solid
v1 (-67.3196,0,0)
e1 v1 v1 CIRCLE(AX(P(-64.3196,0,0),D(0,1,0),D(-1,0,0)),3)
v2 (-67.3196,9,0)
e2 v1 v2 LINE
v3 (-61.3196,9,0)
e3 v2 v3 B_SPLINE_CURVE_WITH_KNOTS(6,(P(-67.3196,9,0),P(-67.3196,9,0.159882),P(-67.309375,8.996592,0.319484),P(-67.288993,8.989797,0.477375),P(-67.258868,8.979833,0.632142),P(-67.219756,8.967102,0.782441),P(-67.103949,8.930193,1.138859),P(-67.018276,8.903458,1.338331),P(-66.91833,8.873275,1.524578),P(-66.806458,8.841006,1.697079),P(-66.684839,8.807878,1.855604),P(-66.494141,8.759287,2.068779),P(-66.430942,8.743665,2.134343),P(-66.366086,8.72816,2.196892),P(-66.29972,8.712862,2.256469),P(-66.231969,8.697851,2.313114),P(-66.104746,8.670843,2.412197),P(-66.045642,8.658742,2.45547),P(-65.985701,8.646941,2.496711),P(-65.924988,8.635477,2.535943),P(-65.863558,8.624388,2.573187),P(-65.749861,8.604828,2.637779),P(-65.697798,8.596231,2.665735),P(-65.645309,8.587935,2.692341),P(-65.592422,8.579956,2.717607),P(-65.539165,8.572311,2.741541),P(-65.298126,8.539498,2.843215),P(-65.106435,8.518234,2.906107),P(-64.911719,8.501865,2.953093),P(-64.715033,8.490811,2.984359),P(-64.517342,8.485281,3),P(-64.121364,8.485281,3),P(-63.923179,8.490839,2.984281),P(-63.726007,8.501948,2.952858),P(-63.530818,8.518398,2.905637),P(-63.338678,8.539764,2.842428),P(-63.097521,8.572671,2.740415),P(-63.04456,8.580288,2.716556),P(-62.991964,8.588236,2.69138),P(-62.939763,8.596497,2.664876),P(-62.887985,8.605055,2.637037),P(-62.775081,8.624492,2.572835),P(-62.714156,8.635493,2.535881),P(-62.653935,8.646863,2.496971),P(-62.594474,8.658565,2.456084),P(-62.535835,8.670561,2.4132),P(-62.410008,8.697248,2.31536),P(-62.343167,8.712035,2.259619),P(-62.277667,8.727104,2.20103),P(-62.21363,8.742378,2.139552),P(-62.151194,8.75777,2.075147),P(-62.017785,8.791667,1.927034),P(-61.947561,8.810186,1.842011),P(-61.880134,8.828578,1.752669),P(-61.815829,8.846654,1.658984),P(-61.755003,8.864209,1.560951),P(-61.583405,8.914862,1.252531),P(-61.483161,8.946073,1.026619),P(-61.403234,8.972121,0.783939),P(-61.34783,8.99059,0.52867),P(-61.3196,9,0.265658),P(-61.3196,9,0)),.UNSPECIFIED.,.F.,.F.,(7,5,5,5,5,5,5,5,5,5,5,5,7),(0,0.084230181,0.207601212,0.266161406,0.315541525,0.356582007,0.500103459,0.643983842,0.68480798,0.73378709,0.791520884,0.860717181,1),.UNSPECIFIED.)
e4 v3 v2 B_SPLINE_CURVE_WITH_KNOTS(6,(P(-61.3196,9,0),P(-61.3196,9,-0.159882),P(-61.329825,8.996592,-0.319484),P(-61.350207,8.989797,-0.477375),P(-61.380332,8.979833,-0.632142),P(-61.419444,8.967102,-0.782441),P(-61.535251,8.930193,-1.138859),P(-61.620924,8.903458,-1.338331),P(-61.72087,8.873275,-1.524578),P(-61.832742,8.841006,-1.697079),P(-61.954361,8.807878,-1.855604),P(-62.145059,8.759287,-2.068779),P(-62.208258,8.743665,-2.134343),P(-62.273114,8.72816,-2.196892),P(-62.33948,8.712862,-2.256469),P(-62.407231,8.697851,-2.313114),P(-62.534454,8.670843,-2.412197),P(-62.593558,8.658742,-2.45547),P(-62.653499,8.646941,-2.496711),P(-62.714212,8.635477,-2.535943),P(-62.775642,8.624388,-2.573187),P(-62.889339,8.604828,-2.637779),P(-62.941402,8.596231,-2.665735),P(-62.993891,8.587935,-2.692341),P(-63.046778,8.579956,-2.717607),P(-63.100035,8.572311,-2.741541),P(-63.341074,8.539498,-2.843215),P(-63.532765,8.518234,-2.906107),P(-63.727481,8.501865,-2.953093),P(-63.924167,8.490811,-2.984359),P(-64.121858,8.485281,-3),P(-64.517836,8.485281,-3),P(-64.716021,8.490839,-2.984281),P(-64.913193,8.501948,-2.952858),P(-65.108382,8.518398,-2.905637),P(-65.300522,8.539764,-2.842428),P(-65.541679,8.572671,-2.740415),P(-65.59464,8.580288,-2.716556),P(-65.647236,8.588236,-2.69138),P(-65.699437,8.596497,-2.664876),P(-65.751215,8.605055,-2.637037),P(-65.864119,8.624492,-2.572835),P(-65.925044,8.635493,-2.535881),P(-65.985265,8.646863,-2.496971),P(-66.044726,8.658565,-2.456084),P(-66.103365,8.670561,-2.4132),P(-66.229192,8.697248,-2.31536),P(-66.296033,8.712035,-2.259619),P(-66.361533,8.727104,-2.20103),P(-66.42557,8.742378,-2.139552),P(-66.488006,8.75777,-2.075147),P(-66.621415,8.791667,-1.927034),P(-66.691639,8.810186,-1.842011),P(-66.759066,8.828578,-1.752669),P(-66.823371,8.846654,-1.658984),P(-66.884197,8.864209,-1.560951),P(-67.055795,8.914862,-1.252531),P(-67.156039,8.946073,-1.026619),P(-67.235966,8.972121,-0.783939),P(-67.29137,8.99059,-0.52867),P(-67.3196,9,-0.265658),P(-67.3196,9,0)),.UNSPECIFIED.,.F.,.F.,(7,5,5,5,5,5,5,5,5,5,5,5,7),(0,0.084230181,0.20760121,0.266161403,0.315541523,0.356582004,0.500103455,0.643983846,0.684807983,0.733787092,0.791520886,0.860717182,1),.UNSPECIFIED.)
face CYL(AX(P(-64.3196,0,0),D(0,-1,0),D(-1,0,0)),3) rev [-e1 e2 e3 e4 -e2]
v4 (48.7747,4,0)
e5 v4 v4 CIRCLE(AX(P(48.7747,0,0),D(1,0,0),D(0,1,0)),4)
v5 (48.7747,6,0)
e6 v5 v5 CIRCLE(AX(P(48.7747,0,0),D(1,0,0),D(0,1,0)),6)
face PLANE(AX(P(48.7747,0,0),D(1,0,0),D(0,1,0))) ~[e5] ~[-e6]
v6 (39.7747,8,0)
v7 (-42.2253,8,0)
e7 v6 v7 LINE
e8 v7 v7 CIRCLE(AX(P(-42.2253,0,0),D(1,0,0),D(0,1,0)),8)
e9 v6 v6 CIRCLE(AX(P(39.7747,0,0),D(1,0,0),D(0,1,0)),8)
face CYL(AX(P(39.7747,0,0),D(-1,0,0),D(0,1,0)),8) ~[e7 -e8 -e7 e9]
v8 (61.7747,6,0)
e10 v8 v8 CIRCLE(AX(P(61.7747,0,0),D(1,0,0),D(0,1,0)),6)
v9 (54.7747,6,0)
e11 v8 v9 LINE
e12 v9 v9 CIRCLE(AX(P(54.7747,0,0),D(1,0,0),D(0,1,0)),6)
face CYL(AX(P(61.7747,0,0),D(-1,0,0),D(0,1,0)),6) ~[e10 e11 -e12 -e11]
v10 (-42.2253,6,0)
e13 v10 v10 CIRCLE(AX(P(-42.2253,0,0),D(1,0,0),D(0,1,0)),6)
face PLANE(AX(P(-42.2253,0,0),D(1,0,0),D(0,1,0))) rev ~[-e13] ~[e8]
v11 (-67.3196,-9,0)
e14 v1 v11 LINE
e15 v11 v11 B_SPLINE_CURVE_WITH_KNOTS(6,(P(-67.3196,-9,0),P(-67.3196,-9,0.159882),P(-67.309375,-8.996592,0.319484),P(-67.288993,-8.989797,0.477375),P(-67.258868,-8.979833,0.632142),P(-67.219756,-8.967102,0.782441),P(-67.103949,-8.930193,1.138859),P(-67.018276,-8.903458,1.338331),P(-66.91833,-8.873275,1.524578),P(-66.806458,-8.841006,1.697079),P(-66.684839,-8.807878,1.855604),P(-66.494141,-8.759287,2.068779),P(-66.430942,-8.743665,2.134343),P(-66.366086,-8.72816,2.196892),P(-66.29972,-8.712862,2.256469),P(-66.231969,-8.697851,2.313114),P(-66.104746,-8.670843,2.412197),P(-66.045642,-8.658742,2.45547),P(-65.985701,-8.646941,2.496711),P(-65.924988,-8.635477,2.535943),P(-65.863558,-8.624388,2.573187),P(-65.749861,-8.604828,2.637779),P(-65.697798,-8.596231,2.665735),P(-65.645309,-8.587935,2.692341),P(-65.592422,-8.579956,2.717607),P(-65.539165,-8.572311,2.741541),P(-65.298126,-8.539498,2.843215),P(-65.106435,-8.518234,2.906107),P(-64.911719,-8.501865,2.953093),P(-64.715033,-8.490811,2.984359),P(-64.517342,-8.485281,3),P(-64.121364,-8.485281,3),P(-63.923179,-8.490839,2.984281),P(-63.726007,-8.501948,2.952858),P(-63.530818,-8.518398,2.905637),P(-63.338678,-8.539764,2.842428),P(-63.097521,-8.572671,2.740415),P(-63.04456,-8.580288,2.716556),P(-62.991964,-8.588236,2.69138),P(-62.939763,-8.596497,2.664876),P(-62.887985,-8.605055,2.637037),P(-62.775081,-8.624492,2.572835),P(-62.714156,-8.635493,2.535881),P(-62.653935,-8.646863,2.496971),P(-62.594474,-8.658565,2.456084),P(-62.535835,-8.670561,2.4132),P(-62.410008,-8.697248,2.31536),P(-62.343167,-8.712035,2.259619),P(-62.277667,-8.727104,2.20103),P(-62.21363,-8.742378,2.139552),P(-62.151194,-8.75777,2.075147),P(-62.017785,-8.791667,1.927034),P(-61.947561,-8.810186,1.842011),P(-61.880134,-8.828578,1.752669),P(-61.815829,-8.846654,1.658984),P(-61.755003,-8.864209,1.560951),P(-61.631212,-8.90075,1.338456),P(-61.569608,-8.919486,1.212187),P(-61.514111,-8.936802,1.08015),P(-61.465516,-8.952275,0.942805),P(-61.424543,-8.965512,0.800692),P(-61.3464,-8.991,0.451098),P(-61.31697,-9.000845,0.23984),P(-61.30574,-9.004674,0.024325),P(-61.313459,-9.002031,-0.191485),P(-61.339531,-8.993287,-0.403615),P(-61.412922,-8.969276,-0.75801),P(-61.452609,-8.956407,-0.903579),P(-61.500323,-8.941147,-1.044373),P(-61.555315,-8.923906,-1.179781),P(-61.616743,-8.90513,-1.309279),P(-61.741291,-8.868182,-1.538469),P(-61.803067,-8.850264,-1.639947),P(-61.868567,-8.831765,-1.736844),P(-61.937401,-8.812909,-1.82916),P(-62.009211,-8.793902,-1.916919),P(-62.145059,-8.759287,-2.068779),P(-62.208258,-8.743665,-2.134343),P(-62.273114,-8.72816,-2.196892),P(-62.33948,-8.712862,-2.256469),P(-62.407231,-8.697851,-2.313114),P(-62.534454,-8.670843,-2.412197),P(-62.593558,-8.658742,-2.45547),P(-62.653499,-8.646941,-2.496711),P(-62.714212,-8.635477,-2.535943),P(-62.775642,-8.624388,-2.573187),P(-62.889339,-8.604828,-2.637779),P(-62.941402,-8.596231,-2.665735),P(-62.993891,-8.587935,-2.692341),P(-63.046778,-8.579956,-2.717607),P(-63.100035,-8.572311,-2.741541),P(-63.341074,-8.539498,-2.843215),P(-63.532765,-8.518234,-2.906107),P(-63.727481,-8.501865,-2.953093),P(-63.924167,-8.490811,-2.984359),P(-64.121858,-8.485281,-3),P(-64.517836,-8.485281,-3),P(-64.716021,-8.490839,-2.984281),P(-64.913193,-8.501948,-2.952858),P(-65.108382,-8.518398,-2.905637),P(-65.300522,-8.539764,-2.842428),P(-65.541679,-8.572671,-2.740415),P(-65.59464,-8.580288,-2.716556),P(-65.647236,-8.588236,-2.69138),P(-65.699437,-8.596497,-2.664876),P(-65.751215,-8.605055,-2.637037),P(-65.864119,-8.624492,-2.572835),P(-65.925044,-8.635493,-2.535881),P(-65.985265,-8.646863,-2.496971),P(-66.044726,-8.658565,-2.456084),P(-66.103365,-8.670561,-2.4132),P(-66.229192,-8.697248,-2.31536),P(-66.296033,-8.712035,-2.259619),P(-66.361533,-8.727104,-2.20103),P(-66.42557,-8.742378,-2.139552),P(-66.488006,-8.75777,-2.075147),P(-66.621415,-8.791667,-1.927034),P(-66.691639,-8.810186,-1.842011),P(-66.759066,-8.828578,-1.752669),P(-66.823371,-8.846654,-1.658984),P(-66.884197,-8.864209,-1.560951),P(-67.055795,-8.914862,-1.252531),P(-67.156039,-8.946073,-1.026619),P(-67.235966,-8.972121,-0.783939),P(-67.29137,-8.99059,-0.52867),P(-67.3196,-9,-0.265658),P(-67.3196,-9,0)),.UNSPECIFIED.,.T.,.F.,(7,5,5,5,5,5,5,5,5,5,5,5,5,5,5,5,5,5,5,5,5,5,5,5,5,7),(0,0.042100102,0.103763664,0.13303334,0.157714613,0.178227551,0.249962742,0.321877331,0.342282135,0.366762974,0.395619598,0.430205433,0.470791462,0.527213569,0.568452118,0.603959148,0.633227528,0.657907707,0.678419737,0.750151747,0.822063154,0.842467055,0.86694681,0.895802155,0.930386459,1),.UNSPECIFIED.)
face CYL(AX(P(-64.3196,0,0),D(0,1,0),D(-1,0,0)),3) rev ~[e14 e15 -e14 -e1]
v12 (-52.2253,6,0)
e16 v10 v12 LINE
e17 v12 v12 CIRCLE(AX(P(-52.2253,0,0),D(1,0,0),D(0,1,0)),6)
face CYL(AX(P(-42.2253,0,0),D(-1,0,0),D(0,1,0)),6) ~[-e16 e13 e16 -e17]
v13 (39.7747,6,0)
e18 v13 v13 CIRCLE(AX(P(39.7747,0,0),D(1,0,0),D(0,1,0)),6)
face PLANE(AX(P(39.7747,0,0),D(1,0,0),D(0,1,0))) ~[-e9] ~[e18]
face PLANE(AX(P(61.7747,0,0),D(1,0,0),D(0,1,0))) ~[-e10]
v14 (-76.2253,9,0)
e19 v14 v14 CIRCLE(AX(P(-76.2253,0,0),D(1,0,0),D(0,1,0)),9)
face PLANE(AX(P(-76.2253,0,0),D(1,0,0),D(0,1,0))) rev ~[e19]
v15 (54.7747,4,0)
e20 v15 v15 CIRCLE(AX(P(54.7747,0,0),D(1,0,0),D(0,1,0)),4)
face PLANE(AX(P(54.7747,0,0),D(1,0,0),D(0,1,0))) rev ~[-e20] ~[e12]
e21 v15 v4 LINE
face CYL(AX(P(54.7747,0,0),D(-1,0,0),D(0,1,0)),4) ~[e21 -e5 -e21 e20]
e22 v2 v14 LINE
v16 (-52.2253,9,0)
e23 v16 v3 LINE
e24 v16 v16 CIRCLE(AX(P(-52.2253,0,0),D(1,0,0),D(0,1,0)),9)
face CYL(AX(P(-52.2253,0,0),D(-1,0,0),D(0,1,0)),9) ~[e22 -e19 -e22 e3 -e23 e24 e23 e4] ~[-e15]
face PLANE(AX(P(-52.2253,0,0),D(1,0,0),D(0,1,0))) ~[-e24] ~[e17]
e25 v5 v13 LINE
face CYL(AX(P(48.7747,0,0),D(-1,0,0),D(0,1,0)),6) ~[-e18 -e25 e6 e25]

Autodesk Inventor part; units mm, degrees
ref_plane "YZ Plane" through (0, 0, 0) normal (1, 0, 0) x (0, 1, 0)
ref_plane "XZ Plane" through (0, 0, 0) normal (0, 1, 0) x (-1, 0, 0)
ref_plane "XY Plane" through (0, 0, 0) normal (0, 0, 1) x (1, 0, 0)
sketch "Sketch1" plane through (0, 0, 0) normal (0, 0, 1) x (1, 0, 0)
  line L0 (-76.2253, 0) -> (-52.2253, 0)
  line L1 (-52.2253, 6) -> (-52.2253, 9)
  line L2 (-52.2253, 9) -> (-76.2253, 9)
  line L3 (-76.2253, 9) -> (-76.2253, 0)
  line L4 (-52.2253, 0) -> (-42.2253, 0)
  line L5 (-42.2253, 6) -> (-52.2253, 6)
  line L6 (-42.2253, 0) -> (39.7747, 0)
  line L7 (39.7747, 6) -> (39.7747, 8)
  line L8 (39.7747, 8) -> (-42.2253, 8)
  line L9 (-42.2253, 8) -> (-42.2253, 6)
  line L10 (39.7747, 0) -> (48.7747, 0)
  line L11 (48.7747, 4) -> (48.7747, 6)
  line L12 (48.7747, 6) -> (39.7747, 6)
  line L13 (48.7747, 0) -> (54.7747, 0)
  line L14 (54.7747, 4) -> (48.7747, 4)
  line L15 (54.7747, 0) -> (61.7747, 0)
  line L16 (61.7747, 0) -> (61.7747, 6)
  line L17 (61.7747, 6) -> (54.7747, 6)
  line L18 (54.7747, 6) -> (54.7747, 4)
  point P0 (0, 0)
  dimension "d0" = 24
  dimension "d1" = 9
  dimension "d2" = 10
  dimension "d3" = 6
  dimension "d4" = 82
  dimension "d5" = 8
  dimension "d6" = 9
  dimension "d7" = 6
  dimension "d8" = 4
  dimension "d9" = 7
  dimension "d10" = 6
revolve "Revolution1" add sketch "Sketch1" angle 360 about axis through (-52.2253, 0, 0) along (1, 0, 0)
sketch "Sketch2" plane through (0, 0, 0) normal (0, 1, 0) x (-1, 0, 0)
  circle A0 centre (64.3196, 0) radius 3
  point P0 (0, 0)
  dimension "d12" = 6
extrude "Extrusion1" cut sketch "Sketch2" along normal through all both and the other way through all
properties part number "fifth"
